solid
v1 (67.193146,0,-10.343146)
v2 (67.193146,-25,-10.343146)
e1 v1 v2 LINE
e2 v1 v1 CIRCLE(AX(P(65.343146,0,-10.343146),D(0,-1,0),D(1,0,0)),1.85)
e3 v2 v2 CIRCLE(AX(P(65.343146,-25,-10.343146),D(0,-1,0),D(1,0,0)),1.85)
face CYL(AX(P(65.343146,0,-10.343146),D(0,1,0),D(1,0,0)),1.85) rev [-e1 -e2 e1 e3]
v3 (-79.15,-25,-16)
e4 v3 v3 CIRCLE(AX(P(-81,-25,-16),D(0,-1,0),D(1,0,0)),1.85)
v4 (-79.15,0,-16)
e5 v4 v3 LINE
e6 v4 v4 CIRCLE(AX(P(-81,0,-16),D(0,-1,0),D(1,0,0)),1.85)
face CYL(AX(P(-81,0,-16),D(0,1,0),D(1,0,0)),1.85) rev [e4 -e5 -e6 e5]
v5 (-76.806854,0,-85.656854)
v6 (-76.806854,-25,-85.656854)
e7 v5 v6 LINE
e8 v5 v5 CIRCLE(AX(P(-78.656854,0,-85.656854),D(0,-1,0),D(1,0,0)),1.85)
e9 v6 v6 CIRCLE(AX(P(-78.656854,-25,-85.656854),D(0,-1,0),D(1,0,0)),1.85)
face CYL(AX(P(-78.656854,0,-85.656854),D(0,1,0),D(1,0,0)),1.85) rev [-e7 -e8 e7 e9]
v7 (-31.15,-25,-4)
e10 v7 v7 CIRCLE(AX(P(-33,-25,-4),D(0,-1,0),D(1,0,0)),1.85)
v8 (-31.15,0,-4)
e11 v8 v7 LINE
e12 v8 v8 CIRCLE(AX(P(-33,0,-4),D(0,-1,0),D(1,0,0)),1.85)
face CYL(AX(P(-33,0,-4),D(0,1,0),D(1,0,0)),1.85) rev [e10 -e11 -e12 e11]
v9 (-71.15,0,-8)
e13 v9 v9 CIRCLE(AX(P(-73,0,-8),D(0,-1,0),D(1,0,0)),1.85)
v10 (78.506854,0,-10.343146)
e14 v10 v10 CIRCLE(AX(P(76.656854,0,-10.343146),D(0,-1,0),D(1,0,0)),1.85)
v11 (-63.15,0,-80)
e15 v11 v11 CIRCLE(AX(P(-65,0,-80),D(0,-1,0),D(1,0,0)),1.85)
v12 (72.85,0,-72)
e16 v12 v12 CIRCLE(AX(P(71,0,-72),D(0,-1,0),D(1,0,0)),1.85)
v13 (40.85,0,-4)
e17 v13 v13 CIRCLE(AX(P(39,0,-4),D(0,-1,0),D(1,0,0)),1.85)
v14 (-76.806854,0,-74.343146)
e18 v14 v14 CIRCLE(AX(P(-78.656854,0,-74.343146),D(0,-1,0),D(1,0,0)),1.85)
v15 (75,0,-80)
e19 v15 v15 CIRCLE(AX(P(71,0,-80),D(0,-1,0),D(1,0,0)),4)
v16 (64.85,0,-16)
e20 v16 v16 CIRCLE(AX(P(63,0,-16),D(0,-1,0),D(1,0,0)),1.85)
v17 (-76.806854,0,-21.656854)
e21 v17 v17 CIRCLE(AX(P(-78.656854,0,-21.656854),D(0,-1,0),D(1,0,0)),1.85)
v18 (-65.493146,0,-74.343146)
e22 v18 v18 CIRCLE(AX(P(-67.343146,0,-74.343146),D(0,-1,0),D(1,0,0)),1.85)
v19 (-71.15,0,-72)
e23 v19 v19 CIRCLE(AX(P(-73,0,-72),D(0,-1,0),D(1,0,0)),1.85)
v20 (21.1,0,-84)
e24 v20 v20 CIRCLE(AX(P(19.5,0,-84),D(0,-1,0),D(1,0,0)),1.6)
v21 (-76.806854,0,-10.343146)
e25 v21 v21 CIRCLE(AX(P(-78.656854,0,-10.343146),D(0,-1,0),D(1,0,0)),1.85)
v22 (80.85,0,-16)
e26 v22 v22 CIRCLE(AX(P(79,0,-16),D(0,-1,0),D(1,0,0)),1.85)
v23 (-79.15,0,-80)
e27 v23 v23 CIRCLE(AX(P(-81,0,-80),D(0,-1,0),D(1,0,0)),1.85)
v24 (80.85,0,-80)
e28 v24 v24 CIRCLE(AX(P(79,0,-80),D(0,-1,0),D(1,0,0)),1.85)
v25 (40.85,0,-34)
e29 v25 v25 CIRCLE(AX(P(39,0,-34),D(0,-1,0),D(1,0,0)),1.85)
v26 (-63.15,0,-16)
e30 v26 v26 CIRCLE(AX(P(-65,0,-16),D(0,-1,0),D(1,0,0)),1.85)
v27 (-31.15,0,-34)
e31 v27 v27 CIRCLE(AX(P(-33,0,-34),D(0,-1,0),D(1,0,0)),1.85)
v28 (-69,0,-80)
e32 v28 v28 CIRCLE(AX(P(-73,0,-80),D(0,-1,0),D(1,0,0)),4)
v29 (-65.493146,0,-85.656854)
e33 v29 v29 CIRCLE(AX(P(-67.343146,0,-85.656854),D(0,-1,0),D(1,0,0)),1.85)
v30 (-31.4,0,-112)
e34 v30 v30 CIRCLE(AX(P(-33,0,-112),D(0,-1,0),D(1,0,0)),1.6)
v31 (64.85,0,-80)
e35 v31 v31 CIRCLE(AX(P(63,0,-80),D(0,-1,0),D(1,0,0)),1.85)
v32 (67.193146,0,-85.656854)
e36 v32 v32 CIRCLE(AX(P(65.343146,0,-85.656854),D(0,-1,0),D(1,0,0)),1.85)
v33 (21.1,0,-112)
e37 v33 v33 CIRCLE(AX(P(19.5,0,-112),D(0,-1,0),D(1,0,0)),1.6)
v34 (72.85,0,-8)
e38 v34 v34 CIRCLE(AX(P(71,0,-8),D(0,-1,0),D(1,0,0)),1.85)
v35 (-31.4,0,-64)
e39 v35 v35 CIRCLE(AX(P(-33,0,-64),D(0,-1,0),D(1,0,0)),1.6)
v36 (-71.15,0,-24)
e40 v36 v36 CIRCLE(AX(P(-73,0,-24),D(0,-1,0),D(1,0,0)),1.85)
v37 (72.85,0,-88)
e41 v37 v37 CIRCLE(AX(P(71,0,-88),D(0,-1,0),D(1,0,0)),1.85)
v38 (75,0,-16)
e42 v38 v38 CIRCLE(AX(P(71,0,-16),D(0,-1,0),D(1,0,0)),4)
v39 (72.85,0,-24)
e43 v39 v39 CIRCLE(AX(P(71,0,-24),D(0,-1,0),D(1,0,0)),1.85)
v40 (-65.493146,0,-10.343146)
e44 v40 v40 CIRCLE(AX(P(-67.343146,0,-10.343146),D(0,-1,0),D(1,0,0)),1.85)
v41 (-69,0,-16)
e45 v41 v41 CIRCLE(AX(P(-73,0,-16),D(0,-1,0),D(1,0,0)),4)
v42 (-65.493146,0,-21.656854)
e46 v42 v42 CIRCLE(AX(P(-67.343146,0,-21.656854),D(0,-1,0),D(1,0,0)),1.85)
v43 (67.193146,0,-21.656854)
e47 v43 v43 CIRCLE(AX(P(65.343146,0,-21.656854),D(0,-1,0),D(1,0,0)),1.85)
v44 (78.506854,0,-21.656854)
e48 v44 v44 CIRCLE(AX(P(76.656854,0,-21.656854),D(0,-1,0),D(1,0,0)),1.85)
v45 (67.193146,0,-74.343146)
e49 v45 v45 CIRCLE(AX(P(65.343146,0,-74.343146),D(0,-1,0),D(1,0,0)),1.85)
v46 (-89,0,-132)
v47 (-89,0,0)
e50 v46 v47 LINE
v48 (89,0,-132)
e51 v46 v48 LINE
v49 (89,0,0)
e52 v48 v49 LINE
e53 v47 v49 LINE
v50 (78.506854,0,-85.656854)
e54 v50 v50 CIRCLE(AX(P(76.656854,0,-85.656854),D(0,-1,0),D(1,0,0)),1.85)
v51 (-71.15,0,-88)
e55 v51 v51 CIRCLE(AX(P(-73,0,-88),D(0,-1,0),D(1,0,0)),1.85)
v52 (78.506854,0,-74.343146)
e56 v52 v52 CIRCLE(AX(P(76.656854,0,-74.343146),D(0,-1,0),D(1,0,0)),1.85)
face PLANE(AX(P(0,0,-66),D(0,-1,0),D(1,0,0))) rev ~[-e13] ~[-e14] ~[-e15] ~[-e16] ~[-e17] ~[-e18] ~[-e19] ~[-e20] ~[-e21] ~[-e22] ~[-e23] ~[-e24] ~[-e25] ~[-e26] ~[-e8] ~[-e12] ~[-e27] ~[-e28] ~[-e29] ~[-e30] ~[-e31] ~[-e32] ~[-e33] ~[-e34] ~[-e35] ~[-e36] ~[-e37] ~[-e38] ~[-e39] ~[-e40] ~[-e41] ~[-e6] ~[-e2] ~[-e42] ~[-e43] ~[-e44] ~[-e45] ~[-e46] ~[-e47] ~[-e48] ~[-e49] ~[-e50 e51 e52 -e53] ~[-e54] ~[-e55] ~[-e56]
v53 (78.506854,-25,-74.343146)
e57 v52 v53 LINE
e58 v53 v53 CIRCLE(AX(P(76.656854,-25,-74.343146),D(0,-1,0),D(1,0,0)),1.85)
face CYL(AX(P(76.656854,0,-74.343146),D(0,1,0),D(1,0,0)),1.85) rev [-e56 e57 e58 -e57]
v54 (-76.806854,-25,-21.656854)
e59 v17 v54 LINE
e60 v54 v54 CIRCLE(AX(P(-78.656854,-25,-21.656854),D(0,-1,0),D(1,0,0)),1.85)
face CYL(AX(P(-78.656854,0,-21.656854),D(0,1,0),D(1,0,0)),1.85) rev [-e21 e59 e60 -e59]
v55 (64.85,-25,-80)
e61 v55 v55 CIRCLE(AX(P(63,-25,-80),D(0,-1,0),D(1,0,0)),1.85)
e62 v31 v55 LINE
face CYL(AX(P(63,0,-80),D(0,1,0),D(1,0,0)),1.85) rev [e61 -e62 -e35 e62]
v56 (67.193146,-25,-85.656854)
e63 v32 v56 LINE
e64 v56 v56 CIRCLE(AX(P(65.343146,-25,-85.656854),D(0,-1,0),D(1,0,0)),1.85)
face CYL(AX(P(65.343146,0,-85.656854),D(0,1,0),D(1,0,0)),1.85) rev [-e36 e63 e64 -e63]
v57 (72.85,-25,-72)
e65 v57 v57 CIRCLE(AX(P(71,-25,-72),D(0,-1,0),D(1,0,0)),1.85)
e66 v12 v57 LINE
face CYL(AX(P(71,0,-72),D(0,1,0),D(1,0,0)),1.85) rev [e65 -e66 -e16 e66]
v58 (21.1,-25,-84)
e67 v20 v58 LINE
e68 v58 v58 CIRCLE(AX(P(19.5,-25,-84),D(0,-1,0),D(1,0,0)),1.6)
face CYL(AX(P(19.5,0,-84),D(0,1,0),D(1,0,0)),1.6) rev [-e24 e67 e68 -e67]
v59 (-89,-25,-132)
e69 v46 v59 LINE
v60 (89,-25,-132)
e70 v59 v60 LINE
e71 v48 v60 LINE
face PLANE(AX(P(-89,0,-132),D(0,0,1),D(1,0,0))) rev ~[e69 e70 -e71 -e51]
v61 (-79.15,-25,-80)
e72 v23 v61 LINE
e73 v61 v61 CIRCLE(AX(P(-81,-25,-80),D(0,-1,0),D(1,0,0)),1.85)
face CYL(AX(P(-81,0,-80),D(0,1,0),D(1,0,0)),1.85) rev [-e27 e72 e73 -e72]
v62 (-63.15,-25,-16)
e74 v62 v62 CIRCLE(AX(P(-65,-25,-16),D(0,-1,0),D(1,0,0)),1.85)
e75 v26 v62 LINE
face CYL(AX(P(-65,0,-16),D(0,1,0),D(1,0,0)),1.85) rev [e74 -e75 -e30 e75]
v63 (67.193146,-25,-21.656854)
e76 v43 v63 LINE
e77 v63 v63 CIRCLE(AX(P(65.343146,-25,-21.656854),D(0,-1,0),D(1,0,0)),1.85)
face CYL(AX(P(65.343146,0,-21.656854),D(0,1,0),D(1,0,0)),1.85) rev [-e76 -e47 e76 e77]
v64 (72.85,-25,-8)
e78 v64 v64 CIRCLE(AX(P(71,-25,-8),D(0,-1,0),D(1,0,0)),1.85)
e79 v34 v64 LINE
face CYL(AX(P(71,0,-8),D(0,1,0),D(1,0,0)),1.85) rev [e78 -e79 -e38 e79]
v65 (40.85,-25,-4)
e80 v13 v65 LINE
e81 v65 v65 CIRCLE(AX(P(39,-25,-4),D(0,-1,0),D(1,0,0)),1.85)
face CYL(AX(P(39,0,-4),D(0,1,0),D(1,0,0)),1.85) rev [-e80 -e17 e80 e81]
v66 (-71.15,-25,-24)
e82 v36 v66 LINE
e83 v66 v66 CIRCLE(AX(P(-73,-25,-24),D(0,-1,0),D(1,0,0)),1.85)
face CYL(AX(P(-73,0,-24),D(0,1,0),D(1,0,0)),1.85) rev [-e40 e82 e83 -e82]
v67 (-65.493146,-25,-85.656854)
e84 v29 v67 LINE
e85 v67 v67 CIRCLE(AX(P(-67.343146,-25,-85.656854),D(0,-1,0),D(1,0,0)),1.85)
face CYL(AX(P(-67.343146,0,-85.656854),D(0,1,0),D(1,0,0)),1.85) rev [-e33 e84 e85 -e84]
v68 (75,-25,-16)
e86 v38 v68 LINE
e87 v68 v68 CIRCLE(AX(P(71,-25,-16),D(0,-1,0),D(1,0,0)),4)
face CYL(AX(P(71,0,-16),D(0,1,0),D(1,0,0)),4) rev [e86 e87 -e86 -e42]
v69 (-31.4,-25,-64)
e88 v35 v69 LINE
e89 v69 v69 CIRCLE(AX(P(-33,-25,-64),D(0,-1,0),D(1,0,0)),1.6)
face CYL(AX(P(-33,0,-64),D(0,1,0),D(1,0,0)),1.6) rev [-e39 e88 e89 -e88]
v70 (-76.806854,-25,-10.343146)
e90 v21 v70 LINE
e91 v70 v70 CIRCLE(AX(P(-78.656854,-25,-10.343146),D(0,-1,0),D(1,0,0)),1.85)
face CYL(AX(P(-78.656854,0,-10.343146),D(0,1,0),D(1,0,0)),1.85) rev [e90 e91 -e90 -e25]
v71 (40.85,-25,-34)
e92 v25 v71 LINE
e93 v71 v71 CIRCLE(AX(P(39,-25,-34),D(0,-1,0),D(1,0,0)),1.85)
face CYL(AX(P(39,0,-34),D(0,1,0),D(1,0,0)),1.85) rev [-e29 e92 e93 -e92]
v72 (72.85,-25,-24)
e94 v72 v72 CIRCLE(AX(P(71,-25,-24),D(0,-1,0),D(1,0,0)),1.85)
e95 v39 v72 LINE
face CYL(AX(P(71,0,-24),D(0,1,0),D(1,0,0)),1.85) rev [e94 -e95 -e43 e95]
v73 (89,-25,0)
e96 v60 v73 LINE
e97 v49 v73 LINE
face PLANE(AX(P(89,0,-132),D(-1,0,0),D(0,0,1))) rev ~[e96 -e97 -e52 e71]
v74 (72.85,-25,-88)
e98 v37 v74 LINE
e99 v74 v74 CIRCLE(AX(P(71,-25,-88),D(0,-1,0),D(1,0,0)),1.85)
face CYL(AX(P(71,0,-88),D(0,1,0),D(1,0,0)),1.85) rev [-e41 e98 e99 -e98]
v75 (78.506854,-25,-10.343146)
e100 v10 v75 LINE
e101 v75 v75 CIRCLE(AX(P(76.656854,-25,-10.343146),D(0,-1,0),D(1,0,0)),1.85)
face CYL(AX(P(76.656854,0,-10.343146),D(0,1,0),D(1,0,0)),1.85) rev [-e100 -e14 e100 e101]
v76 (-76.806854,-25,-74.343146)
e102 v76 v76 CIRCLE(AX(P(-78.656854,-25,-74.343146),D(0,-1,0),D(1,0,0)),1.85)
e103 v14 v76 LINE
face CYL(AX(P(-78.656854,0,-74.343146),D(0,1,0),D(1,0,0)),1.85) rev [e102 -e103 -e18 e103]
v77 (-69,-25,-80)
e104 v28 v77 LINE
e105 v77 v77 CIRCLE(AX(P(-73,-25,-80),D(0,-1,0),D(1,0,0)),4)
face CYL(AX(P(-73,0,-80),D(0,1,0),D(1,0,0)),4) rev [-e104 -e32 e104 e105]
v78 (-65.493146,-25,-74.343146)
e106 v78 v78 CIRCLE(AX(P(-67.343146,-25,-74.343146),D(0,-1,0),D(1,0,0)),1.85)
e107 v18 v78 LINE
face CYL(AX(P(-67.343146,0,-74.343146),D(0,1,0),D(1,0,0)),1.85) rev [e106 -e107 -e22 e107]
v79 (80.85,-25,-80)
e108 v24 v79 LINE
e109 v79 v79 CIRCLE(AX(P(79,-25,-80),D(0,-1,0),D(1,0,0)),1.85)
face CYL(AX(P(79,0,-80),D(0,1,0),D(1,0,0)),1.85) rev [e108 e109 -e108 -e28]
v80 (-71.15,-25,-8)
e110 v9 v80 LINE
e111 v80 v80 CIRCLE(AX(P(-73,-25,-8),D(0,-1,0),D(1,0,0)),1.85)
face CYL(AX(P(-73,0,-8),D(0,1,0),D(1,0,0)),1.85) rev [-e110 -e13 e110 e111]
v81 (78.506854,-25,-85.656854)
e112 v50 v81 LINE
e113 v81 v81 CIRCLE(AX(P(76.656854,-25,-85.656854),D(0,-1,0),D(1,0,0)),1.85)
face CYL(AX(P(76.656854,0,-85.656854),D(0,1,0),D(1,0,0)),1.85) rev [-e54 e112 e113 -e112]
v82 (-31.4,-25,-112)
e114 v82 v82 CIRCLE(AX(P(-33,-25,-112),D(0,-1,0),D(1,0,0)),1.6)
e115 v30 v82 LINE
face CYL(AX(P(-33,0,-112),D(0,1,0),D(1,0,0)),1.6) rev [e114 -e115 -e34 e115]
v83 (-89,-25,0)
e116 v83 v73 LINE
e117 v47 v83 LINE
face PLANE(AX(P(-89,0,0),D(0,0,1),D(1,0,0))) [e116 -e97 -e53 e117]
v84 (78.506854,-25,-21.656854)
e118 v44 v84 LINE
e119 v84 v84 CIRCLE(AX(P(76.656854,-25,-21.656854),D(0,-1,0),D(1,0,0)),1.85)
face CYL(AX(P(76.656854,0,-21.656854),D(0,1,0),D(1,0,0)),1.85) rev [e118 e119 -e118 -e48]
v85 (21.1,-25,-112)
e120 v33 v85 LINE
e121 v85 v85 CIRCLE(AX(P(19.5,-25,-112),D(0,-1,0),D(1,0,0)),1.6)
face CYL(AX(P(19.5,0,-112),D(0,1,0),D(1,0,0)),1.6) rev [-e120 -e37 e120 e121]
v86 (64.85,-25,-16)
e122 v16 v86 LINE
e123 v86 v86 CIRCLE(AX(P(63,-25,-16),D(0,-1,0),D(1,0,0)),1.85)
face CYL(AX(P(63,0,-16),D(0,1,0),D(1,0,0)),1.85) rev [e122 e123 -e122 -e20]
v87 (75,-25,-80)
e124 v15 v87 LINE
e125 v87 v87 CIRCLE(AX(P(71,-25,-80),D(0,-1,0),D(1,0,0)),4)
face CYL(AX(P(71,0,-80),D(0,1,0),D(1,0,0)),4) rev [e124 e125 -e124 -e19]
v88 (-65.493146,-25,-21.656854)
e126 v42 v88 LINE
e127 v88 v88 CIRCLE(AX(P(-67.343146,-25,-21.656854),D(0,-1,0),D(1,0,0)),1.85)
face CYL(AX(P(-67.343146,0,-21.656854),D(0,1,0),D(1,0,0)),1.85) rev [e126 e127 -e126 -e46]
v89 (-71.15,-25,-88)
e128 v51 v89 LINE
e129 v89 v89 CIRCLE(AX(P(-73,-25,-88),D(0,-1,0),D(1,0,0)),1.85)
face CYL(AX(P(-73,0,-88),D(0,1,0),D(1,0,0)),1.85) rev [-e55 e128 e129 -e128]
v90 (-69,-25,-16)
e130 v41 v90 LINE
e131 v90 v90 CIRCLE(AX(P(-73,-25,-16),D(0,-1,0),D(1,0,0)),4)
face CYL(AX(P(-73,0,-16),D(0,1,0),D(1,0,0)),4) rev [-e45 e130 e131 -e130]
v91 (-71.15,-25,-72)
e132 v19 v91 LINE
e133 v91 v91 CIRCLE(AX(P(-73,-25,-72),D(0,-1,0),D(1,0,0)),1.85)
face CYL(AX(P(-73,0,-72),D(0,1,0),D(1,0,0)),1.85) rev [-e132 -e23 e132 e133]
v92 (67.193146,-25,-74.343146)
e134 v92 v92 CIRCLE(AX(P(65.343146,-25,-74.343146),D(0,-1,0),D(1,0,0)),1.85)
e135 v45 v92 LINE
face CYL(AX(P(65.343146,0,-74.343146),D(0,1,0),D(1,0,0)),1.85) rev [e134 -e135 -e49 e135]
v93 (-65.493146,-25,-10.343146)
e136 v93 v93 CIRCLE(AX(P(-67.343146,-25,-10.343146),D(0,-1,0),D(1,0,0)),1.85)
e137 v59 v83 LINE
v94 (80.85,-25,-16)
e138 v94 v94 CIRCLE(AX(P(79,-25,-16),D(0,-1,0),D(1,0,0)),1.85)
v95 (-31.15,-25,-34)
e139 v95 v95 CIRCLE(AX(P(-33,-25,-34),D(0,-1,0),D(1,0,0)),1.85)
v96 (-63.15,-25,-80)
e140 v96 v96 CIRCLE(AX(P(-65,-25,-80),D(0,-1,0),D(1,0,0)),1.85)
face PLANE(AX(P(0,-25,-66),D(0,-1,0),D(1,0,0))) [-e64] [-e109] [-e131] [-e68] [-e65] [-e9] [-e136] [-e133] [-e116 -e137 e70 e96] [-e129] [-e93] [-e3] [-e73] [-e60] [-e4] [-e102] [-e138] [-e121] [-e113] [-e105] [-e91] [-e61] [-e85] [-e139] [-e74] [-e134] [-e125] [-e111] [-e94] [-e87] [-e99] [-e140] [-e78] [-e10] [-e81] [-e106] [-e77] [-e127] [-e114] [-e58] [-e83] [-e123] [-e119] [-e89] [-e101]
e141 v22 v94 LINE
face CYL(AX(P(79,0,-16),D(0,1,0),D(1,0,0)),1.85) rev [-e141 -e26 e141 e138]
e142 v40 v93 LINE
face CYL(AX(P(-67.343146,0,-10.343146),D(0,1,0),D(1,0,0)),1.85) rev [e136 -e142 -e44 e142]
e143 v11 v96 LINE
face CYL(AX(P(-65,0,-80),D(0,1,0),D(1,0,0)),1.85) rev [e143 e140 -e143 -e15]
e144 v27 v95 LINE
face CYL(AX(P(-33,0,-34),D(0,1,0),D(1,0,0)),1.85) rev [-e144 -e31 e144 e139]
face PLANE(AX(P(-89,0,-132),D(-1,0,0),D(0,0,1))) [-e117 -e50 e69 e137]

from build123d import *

# Parameters (mm, degrees)
F0_W     = 178
F0_H     = 132
F0_R     = 1.6
F0_R_2   = 1.85
F0_R_3   = 4
F1_DEPTH = 25


with BuildPart() as f1:
    # F0 (on Front) → F1 (new body)
    with BuildSketch(Plane.XZ):
        with Locations((0, -66)):
            Rectangle(F0_W, F0_H)
        with Locations((-33, -112)):
            Circle(F0_R, mode=Mode.SUBTRACT)
        with Locations((-78.656854, -85.656854)):
            Circle(F0_R_2, mode=Mode.SUBTRACT)
        with Locations((-73, -88)):
            Circle(F0_R_2, mode=Mode.SUBTRACT)
        with Locations((-67.343146, -85.656854)):
            Circle(F0_R_2, mode=Mode.SUBTRACT)
        with Locations((-81, -80)):
            Circle(F0_R_2, mode=Mode.SUBTRACT)
        with Locations((-78.656854, -74.343146)):
            Circle(F0_R_2, mode=Mode.SUBTRACT)
        with Locations((-73, -80)):
            Circle(F0_R_3, mode=Mode.SUBTRACT)
        with Locations((-67.343146, -74.343146)):
            Circle(F0_R_2, mode=Mode.SUBTRACT)
        with Locations((-73, -72)):
            Circle(F0_R_2, mode=Mode.SUBTRACT)
        with Locations((-65, -80)):
            Circle(F0_R_2, mode=Mode.SUBTRACT)
        with Locations((19.5, -112)):
            Circle(F0_R, mode=Mode.SUBTRACT)
        with Locations((19.5, -84)):
            Circle(F0_R, mode=Mode.SUBTRACT)
        with Locations((65.343146, -85.656854)):
            Circle(F0_R_2, mode=Mode.SUBTRACT)
        with Locations((71, -88)):
            Circle(F0_R_2, mode=Mode.SUBTRACT)
        with Locations((76.656854, -85.656854)):
            Circle(F0_R_2, mode=Mode.SUBTRACT)
        with Locations((63, -80)):
            Circle(F0_R_2, mode=Mode.SUBTRACT)
        with Locations((65.343146, -74.343146)):
            Circle(F0_R_2, mode=Mode.SUBTRACT)
        with Locations((71, -80)):
            Circle(F0_R_3, mode=Mode.SUBTRACT)
        with Locations((76.656854, -74.343146)):
            Circle(F0_R_2, mode=Mode.SUBTRACT)
        with Locations((79, -80)):
            Circle(F0_R_2, mode=Mode.SUBTRACT)
        with Locations((71, -72)):
            Circle(F0_R_2, mode=Mode.SUBTRACT)
        with Locations((-33, -64)):
            Circle(F0_R, mode=Mode.SUBTRACT)
        with Locations((-33, -34)):
            Circle(F0_R_2, mode=Mode.SUBTRACT)
        with Locations((-78.656854, -21.656854)):
            Circle(F0_R_2, mode=Mode.SUBTRACT)
        with Locations((-73, -24)):
            Circle(F0_R_2, mode=Mode.SUBTRACT)
        with Locations((-67.343146, -21.656854)):
            Circle(F0_R_2, mode=Mode.SUBTRACT)
        with Locations((-81, -16)):
            Circle(F0_R_2, mode=Mode.SUBTRACT)
        with Locations((-78.656854, -10.343146)):
            Circle(F0_R_2, mode=Mode.SUBTRACT)
        with Locations((-73, -16)):
            Circle(F0_R_3, mode=Mode.SUBTRACT)
        with Locations((-67.343146, -10.343146)):
            Circle(F0_R_2, mode=Mode.SUBTRACT)
        with Locations((-73, -8)):
            Circle(F0_R_2, mode=Mode.SUBTRACT)
        with Locations((-65, -16)):
            Circle(F0_R_2, mode=Mode.SUBTRACT)
        with Locations((-33, -4)):
            Circle(F0_R_2, mode=Mode.SUBTRACT)
        with Locations((39, -34)):
            Circle(F0_R_2, mode=Mode.SUBTRACT)
        with Locations((39, -4)):
            Circle(F0_R_2, mode=Mode.SUBTRACT)
        with Locations((65.343146, -21.656854)):
            Circle(F0_R_2, mode=Mode.SUBTRACT)
        with Locations((71, -24)):
            Circle(F0_R_2, mode=Mode.SUBTRACT)
        with Locations((76.656854, -21.656854)):
            Circle(F0_R_2, mode=Mode.SUBTRACT)
        with Locations((63, -16)):
            Circle(F0_R_2, mode=Mode.SUBTRACT)
        with Locations((65.343146, -10.343146)):
            Circle(F0_R_2, mode=Mode.SUBTRACT)
        with Locations((71, -16)):
            Circle(F0_R_3, mode=Mode.SUBTRACT)
        with Locations((76.656854, -10.343146)):
            Circle(F0_R_2, mode=Mode.SUBTRACT)
        with Locations((79, -16)):
            Circle(F0_R_2, mode=Mode.SUBTRACT)
        with Locations((71, -8)):
            Circle(F0_R_2, mode=Mode.SUBTRACT)
    extrude(amount=F1_DEPTH)


solid = f1.part
